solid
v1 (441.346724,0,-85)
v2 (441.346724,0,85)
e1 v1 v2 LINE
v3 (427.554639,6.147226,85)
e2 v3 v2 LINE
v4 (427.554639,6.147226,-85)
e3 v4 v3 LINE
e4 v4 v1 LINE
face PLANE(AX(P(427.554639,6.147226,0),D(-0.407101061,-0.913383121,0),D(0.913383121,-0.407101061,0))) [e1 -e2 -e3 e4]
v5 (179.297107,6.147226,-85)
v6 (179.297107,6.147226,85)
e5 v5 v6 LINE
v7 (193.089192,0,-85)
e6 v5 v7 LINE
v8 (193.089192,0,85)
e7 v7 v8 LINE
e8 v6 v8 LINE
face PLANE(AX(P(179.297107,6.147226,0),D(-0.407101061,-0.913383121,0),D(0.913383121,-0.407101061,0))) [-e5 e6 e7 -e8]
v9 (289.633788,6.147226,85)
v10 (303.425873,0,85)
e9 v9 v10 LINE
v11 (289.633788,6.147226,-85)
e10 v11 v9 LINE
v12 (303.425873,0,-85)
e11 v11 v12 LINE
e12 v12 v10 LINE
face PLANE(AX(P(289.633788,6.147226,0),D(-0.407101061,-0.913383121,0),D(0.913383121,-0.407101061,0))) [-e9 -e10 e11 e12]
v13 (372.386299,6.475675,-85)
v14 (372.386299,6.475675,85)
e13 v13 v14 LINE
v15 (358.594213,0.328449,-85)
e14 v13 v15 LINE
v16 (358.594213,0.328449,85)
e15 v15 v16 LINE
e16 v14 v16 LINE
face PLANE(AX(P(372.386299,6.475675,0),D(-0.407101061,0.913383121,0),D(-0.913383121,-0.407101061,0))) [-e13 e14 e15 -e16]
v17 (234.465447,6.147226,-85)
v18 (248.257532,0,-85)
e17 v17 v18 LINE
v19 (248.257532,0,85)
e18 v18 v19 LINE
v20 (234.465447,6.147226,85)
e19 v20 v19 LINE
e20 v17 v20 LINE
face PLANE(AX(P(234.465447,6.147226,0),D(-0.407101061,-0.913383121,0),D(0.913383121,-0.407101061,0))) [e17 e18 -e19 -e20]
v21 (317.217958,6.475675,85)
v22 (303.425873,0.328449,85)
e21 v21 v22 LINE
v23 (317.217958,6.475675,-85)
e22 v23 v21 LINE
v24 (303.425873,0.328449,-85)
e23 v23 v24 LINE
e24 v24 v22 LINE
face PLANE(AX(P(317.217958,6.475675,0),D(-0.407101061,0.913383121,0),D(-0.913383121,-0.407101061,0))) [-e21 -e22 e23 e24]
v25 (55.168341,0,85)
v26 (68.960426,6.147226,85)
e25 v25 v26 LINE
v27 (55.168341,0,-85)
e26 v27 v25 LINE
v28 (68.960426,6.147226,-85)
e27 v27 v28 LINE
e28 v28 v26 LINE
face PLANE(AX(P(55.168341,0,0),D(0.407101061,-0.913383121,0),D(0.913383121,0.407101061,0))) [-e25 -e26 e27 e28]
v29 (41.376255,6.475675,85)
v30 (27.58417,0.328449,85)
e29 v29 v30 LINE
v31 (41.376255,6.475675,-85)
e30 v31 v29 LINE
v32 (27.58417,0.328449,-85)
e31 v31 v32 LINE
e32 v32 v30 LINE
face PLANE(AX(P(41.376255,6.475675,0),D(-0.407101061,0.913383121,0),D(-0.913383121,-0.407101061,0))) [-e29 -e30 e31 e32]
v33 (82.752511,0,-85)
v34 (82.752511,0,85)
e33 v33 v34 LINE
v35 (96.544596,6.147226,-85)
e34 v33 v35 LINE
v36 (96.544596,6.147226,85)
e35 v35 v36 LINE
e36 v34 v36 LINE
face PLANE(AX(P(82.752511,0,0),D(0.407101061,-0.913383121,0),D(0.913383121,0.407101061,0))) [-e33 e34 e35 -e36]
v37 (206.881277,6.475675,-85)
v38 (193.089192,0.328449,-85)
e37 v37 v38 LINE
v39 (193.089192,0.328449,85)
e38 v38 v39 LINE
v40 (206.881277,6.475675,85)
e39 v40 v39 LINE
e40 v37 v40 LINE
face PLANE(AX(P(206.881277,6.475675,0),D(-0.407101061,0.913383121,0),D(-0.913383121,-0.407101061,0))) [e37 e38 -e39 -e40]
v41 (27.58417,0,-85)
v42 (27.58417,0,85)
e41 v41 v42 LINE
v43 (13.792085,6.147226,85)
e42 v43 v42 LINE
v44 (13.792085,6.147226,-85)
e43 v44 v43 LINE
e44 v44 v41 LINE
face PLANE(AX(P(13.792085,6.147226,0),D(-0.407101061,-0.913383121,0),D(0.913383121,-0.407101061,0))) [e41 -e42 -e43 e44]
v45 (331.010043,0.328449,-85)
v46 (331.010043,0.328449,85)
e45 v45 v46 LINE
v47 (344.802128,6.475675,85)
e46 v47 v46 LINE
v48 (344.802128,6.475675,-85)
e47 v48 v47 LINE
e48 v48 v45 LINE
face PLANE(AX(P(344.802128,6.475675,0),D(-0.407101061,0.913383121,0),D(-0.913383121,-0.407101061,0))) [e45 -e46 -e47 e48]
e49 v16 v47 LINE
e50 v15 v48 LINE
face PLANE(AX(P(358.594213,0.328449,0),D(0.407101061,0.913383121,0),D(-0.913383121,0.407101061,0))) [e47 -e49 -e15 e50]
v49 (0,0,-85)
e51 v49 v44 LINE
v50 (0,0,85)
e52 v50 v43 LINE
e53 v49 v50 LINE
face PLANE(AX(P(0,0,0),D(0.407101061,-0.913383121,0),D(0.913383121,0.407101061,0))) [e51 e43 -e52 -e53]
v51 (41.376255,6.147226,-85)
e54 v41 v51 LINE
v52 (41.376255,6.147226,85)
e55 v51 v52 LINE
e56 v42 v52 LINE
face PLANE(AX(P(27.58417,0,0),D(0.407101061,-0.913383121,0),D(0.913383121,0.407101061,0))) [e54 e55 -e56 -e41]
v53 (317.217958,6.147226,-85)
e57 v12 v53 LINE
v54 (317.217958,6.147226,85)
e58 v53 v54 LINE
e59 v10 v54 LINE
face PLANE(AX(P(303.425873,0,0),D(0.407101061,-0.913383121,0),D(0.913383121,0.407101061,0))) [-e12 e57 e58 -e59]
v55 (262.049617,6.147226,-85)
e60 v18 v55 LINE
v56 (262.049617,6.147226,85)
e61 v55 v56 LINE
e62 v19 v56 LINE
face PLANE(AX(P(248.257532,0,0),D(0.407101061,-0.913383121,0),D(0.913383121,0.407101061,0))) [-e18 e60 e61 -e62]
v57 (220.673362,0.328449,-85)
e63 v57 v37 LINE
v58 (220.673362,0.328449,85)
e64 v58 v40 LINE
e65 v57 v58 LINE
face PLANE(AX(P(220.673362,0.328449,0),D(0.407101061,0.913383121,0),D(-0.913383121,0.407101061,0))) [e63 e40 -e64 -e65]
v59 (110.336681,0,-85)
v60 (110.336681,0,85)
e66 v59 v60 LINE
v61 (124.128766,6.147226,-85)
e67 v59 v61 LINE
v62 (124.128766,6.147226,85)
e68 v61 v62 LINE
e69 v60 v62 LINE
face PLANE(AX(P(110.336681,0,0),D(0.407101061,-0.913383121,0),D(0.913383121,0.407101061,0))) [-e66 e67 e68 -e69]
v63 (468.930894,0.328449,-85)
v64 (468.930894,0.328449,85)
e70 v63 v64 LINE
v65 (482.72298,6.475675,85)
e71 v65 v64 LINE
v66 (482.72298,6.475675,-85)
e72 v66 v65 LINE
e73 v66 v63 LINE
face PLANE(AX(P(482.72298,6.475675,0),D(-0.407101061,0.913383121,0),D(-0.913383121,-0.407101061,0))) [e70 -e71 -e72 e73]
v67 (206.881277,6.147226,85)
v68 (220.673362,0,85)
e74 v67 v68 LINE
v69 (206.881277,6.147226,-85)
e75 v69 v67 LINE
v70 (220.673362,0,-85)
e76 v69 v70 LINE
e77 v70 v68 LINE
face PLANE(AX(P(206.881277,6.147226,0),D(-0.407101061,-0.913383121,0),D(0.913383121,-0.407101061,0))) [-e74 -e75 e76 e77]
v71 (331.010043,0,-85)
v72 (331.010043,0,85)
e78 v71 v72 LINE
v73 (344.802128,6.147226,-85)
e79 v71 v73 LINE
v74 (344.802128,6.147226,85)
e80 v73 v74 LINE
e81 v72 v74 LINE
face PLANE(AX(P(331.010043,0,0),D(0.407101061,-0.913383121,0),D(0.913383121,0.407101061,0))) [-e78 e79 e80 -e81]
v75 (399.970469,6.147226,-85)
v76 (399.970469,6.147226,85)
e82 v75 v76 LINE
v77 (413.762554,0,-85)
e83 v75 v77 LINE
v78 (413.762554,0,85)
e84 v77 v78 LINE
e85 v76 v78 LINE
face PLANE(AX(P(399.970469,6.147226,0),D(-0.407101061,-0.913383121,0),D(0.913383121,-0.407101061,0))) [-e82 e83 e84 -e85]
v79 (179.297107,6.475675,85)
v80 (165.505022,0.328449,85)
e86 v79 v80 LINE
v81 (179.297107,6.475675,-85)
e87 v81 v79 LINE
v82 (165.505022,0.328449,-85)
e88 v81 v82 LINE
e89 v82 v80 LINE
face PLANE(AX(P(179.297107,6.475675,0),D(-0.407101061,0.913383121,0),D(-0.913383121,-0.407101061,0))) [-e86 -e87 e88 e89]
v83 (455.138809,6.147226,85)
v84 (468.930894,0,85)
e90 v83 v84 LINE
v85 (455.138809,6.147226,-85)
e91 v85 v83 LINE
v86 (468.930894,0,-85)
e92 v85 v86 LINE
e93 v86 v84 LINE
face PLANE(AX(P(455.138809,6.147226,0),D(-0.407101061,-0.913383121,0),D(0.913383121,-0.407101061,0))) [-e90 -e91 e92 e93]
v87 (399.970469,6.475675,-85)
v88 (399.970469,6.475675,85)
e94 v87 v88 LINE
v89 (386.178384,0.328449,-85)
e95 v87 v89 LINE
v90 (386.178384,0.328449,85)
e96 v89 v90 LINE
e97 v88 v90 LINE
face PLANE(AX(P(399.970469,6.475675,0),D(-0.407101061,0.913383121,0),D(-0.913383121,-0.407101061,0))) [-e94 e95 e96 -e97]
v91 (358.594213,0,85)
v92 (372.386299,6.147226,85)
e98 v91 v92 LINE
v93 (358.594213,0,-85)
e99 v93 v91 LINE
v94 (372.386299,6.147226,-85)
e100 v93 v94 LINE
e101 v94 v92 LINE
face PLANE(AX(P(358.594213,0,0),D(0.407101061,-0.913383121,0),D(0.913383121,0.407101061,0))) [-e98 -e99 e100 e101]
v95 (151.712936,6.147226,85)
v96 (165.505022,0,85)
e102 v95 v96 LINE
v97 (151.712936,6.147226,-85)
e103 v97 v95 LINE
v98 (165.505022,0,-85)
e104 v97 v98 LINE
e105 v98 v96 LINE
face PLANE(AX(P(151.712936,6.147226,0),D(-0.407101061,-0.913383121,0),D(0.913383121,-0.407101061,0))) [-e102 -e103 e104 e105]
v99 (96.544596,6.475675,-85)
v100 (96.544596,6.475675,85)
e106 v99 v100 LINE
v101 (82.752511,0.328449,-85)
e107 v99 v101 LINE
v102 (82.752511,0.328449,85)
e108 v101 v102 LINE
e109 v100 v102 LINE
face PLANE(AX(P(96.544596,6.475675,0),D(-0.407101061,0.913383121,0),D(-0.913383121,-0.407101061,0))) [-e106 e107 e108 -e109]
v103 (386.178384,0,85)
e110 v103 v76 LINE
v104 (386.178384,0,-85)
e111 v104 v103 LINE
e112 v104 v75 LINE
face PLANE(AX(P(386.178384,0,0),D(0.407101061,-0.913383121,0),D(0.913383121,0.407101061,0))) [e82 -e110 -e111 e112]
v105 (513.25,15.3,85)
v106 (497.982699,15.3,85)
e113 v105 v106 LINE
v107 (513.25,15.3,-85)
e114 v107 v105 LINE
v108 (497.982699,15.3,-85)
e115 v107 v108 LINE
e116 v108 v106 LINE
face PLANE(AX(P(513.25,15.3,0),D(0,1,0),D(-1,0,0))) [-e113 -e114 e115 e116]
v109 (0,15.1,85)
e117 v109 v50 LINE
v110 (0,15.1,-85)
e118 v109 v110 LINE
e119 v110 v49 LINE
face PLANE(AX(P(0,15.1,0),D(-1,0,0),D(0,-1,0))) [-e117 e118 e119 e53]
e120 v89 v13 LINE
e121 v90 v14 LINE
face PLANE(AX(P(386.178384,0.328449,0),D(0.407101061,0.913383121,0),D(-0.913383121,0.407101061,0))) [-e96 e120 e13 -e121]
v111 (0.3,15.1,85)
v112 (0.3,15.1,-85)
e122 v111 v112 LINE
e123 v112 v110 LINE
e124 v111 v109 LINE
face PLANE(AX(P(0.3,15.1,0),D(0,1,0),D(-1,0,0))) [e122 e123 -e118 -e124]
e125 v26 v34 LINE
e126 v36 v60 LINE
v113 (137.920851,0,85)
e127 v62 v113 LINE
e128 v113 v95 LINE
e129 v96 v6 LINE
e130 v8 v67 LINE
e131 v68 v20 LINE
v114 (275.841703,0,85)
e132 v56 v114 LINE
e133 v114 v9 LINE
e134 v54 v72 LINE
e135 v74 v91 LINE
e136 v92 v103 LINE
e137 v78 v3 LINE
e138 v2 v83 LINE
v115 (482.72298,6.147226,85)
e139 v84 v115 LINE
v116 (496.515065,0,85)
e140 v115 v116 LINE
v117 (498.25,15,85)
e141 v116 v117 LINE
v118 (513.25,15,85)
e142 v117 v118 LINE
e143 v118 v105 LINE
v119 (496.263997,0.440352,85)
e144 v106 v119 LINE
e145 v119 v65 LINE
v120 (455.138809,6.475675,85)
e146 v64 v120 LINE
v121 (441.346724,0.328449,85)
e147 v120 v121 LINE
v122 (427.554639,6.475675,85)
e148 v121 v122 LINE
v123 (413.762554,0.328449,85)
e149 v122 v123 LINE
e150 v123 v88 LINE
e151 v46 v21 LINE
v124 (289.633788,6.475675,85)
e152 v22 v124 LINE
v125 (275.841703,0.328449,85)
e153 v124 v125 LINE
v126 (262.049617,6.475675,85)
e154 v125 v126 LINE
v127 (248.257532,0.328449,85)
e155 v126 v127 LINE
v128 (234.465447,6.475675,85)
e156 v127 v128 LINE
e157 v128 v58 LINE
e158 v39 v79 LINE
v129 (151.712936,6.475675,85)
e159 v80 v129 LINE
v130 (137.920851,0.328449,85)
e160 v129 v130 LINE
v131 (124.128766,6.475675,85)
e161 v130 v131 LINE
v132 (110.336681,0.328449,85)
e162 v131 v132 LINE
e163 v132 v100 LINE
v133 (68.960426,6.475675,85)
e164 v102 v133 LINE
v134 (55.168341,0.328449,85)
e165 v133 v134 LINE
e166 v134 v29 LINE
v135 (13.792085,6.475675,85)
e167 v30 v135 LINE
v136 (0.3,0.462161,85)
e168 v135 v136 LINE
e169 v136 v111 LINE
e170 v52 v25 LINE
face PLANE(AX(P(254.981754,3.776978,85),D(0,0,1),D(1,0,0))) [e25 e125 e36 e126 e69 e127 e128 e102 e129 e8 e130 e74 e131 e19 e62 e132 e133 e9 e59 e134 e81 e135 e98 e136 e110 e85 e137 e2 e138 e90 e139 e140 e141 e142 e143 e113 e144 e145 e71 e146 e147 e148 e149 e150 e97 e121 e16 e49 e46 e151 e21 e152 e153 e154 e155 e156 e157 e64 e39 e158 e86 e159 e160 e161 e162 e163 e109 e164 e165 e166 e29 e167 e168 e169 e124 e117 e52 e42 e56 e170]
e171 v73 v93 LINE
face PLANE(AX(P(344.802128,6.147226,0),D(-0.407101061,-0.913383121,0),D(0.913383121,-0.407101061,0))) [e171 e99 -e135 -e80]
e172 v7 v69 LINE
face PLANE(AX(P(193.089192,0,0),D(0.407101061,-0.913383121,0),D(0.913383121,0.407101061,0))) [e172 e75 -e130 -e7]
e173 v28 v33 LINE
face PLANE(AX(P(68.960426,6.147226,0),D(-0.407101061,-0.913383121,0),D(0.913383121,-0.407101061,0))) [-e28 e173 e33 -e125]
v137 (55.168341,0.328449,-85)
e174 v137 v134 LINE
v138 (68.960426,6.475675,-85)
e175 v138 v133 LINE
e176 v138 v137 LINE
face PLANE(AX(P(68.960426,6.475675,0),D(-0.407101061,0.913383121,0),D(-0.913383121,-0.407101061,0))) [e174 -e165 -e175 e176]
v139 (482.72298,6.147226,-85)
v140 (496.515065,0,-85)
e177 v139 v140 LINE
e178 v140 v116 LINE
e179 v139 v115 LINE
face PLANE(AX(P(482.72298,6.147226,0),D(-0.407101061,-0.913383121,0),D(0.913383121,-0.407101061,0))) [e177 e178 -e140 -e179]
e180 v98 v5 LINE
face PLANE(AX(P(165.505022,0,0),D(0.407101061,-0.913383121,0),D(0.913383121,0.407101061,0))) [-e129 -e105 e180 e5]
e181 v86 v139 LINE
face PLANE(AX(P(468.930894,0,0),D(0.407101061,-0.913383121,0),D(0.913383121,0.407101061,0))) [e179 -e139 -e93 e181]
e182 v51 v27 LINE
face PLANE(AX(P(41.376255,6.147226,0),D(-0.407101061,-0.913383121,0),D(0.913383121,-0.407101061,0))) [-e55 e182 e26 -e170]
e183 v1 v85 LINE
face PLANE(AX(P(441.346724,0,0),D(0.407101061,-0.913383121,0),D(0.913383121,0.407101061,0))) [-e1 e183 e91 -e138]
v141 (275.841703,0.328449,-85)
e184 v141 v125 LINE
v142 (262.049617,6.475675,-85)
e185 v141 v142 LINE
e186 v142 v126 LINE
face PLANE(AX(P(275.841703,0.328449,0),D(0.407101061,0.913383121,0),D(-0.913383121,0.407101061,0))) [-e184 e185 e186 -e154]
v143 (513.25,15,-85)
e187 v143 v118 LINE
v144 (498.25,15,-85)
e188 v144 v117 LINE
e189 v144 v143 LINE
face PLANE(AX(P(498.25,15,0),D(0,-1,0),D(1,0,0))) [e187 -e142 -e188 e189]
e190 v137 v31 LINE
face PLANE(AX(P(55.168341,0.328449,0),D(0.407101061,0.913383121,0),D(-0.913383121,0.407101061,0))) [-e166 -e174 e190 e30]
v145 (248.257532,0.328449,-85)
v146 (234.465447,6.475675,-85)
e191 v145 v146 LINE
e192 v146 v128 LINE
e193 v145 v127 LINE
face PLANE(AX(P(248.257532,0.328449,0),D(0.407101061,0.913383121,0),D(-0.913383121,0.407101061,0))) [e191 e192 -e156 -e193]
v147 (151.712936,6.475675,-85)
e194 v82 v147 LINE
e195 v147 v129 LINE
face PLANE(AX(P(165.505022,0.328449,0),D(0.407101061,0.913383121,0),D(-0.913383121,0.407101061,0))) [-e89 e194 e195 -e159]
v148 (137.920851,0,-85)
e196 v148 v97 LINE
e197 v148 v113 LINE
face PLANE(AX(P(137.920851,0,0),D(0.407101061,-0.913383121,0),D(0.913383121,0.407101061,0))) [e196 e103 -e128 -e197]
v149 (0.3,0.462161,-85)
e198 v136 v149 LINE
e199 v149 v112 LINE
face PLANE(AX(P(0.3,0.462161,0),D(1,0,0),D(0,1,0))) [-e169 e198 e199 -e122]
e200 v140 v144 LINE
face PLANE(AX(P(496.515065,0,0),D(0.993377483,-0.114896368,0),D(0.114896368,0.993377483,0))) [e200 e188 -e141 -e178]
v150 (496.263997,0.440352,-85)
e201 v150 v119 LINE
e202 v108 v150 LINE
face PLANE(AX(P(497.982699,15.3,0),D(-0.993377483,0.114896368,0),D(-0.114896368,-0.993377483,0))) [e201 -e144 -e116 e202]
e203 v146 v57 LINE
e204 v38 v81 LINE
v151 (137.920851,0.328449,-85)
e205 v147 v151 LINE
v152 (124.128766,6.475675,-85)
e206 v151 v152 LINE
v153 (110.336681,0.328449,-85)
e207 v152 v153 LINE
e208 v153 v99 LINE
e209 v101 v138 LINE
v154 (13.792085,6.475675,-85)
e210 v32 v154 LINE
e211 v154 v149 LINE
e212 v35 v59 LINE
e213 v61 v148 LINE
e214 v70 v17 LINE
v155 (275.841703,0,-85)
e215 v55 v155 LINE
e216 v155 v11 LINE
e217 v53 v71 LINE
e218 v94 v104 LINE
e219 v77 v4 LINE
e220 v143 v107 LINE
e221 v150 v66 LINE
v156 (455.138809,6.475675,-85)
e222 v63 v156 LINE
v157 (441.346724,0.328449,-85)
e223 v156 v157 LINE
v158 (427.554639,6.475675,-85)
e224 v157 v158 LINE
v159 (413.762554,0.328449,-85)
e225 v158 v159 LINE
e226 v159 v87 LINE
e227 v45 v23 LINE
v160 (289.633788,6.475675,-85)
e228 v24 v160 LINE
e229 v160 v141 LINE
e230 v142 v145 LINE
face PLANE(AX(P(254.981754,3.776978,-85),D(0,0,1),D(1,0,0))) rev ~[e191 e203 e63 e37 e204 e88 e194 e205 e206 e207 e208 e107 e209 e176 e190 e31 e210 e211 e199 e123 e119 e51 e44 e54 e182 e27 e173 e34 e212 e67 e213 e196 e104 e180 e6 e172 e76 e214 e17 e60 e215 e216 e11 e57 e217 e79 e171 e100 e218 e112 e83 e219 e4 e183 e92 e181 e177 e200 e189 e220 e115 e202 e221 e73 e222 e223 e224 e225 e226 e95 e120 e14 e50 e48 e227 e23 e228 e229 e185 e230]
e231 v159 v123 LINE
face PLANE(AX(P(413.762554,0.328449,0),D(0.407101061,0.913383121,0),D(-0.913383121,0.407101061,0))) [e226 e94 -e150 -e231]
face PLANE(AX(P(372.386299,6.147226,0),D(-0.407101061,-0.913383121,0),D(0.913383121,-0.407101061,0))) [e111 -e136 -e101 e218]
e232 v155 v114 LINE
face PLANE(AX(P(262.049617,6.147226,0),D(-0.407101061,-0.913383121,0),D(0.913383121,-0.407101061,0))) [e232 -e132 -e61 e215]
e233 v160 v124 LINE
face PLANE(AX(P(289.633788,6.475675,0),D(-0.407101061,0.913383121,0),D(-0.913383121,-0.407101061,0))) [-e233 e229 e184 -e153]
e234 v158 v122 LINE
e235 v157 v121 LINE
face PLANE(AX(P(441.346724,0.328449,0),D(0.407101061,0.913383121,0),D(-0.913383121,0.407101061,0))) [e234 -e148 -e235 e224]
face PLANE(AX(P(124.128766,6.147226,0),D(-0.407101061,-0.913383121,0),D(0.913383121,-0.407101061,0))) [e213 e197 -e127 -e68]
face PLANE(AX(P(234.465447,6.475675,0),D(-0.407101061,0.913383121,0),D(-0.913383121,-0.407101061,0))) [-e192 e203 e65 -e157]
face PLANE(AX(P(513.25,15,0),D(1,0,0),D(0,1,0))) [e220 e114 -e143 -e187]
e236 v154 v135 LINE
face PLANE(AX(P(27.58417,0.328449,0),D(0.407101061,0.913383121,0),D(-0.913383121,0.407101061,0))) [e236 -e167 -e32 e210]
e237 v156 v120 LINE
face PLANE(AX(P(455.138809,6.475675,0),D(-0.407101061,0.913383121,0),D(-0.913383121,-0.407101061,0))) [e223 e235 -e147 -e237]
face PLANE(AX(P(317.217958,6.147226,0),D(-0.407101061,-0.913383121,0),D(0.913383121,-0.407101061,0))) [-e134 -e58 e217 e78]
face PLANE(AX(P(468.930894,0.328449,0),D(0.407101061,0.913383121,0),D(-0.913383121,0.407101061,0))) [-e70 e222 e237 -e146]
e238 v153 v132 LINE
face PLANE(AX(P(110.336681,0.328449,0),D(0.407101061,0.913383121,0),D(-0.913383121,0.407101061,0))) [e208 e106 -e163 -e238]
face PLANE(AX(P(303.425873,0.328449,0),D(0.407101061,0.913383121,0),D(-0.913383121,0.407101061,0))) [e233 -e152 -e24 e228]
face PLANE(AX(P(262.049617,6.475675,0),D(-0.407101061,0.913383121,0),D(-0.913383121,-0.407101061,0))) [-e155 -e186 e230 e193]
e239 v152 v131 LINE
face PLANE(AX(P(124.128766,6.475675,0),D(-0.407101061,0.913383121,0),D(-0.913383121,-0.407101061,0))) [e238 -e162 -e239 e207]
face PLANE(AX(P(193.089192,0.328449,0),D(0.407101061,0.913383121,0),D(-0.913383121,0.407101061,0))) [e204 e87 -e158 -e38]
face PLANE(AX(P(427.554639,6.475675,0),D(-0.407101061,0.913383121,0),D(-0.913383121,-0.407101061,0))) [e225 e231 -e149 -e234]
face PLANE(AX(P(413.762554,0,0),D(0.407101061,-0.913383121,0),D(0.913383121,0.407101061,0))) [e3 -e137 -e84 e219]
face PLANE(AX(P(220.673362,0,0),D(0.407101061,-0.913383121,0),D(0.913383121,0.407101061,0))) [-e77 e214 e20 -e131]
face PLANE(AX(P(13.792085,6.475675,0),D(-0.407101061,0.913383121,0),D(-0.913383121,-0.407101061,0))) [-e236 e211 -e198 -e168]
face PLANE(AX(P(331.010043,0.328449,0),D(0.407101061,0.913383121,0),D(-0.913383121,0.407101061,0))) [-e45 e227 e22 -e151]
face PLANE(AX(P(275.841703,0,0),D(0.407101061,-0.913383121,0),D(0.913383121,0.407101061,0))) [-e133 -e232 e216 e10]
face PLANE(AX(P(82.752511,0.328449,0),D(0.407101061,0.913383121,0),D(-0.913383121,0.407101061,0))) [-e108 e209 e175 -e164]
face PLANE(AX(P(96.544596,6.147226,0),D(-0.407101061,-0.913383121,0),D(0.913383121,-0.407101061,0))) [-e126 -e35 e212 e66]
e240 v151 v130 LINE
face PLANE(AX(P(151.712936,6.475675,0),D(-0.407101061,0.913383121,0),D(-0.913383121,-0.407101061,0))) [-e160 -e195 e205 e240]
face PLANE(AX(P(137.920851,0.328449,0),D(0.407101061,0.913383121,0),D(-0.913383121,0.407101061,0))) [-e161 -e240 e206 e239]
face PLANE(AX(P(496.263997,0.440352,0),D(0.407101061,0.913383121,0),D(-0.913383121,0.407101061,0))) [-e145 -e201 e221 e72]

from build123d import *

# Parameters (mm, degrees)
EXTRUDE_THIN1_DEPTH = 85


with BuildPart() as part:
    # Sketch1 → Extrude-Thin1 (new, symmetric)
    with BuildSketch(Plane.XY):
        Polygon((0, 15.1), (0, 0), (13.79208513, 6.147226022), (27.58417026, 0), (41.37625539, 6.147226022), (55.16834052, 0), (68.960425651, 6.147226022), (82.752510781, 0), (96.544595911, 6.147226022), (110.336681041, 0), (124.128766171, 6.147226022), (137.920851301, 0), (151.712936431, 6.147226022), (165.505021561, 0), (179.297106692, 6.147226022), (193.089191822, 0), (206.881276952, 6.147226022), (220.673362082, 0), (234.465447212, 6.147226022), (248.257532342, 0), (262.049617472, 6.147226022), (275.841702602, 0), (289.633787732, 6.147226022), (303.425872863, 0), (317.217957993, 6.147226022), (331.010043123, 0), (344.802128253, 6.147226022), (358.594213383, 0), (372.386298513, 6.147226022), (386.178383643, 0), (399.970468773, 6.147226022), (413.762553904, 0), (427.554639034, 6.147226022), (441.346724164, 0), (455.138809294, 6.147226022), (468.930894424, 0), (482.722979554, 6.147226022), (496.515064684, 0), (498.249999842, 15), (513.249999842, 15), (513.249999842, 15.3), (497.982698545, 15.3), (496.263996817, 0.440351902), (482.722979554, 6.475675271), (468.930894424, 0.328449249), (455.138809294, 6.475675271), (441.346724164, 0.328449249), (427.554639034, 6.475675271), (413.762553904, 0.328449249), (399.970468773, 6.475675271), (386.178383643, 0.328449249), (372.386298513, 6.475675271), (358.594213383, 0.328449249), (344.802128253, 6.475675271), (331.010043123, 0.328449249), (317.217957993, 6.475675271), (303.425872863, 0.328449249), (289.633787732, 6.475675271), (275.841702602, 0.328449249), (262.049617472, 6.475675271), (248.257532342, 0.328449249), (234.465447212, 6.475675271), (220.673362082, 0.328449249), (206.881276952, 6.475675271), (193.089191822, 0.328449249), (179.297106692, 6.475675271), (165.505021561, 0.328449249), (151.712936431, 6.475675271), (137.920851301, 0.328449249), (124.128766171, 6.475675271), (110.336681041, 0.328449249), (96.544595911, 6.475675271), (82.752510781, 0.328449249), (68.960425651, 6.475675271), (55.16834052, 0.328449249), (41.37625539, 6.475675271), (27.58417026, 0.328449249), (13.79208513, 6.475675271), (0.3, 0.462161286), (0.3, 15.1), align=None)
    extrude(amount=EXTRUDE_THIN1_DEPTH, both=True)


solid = part.part
